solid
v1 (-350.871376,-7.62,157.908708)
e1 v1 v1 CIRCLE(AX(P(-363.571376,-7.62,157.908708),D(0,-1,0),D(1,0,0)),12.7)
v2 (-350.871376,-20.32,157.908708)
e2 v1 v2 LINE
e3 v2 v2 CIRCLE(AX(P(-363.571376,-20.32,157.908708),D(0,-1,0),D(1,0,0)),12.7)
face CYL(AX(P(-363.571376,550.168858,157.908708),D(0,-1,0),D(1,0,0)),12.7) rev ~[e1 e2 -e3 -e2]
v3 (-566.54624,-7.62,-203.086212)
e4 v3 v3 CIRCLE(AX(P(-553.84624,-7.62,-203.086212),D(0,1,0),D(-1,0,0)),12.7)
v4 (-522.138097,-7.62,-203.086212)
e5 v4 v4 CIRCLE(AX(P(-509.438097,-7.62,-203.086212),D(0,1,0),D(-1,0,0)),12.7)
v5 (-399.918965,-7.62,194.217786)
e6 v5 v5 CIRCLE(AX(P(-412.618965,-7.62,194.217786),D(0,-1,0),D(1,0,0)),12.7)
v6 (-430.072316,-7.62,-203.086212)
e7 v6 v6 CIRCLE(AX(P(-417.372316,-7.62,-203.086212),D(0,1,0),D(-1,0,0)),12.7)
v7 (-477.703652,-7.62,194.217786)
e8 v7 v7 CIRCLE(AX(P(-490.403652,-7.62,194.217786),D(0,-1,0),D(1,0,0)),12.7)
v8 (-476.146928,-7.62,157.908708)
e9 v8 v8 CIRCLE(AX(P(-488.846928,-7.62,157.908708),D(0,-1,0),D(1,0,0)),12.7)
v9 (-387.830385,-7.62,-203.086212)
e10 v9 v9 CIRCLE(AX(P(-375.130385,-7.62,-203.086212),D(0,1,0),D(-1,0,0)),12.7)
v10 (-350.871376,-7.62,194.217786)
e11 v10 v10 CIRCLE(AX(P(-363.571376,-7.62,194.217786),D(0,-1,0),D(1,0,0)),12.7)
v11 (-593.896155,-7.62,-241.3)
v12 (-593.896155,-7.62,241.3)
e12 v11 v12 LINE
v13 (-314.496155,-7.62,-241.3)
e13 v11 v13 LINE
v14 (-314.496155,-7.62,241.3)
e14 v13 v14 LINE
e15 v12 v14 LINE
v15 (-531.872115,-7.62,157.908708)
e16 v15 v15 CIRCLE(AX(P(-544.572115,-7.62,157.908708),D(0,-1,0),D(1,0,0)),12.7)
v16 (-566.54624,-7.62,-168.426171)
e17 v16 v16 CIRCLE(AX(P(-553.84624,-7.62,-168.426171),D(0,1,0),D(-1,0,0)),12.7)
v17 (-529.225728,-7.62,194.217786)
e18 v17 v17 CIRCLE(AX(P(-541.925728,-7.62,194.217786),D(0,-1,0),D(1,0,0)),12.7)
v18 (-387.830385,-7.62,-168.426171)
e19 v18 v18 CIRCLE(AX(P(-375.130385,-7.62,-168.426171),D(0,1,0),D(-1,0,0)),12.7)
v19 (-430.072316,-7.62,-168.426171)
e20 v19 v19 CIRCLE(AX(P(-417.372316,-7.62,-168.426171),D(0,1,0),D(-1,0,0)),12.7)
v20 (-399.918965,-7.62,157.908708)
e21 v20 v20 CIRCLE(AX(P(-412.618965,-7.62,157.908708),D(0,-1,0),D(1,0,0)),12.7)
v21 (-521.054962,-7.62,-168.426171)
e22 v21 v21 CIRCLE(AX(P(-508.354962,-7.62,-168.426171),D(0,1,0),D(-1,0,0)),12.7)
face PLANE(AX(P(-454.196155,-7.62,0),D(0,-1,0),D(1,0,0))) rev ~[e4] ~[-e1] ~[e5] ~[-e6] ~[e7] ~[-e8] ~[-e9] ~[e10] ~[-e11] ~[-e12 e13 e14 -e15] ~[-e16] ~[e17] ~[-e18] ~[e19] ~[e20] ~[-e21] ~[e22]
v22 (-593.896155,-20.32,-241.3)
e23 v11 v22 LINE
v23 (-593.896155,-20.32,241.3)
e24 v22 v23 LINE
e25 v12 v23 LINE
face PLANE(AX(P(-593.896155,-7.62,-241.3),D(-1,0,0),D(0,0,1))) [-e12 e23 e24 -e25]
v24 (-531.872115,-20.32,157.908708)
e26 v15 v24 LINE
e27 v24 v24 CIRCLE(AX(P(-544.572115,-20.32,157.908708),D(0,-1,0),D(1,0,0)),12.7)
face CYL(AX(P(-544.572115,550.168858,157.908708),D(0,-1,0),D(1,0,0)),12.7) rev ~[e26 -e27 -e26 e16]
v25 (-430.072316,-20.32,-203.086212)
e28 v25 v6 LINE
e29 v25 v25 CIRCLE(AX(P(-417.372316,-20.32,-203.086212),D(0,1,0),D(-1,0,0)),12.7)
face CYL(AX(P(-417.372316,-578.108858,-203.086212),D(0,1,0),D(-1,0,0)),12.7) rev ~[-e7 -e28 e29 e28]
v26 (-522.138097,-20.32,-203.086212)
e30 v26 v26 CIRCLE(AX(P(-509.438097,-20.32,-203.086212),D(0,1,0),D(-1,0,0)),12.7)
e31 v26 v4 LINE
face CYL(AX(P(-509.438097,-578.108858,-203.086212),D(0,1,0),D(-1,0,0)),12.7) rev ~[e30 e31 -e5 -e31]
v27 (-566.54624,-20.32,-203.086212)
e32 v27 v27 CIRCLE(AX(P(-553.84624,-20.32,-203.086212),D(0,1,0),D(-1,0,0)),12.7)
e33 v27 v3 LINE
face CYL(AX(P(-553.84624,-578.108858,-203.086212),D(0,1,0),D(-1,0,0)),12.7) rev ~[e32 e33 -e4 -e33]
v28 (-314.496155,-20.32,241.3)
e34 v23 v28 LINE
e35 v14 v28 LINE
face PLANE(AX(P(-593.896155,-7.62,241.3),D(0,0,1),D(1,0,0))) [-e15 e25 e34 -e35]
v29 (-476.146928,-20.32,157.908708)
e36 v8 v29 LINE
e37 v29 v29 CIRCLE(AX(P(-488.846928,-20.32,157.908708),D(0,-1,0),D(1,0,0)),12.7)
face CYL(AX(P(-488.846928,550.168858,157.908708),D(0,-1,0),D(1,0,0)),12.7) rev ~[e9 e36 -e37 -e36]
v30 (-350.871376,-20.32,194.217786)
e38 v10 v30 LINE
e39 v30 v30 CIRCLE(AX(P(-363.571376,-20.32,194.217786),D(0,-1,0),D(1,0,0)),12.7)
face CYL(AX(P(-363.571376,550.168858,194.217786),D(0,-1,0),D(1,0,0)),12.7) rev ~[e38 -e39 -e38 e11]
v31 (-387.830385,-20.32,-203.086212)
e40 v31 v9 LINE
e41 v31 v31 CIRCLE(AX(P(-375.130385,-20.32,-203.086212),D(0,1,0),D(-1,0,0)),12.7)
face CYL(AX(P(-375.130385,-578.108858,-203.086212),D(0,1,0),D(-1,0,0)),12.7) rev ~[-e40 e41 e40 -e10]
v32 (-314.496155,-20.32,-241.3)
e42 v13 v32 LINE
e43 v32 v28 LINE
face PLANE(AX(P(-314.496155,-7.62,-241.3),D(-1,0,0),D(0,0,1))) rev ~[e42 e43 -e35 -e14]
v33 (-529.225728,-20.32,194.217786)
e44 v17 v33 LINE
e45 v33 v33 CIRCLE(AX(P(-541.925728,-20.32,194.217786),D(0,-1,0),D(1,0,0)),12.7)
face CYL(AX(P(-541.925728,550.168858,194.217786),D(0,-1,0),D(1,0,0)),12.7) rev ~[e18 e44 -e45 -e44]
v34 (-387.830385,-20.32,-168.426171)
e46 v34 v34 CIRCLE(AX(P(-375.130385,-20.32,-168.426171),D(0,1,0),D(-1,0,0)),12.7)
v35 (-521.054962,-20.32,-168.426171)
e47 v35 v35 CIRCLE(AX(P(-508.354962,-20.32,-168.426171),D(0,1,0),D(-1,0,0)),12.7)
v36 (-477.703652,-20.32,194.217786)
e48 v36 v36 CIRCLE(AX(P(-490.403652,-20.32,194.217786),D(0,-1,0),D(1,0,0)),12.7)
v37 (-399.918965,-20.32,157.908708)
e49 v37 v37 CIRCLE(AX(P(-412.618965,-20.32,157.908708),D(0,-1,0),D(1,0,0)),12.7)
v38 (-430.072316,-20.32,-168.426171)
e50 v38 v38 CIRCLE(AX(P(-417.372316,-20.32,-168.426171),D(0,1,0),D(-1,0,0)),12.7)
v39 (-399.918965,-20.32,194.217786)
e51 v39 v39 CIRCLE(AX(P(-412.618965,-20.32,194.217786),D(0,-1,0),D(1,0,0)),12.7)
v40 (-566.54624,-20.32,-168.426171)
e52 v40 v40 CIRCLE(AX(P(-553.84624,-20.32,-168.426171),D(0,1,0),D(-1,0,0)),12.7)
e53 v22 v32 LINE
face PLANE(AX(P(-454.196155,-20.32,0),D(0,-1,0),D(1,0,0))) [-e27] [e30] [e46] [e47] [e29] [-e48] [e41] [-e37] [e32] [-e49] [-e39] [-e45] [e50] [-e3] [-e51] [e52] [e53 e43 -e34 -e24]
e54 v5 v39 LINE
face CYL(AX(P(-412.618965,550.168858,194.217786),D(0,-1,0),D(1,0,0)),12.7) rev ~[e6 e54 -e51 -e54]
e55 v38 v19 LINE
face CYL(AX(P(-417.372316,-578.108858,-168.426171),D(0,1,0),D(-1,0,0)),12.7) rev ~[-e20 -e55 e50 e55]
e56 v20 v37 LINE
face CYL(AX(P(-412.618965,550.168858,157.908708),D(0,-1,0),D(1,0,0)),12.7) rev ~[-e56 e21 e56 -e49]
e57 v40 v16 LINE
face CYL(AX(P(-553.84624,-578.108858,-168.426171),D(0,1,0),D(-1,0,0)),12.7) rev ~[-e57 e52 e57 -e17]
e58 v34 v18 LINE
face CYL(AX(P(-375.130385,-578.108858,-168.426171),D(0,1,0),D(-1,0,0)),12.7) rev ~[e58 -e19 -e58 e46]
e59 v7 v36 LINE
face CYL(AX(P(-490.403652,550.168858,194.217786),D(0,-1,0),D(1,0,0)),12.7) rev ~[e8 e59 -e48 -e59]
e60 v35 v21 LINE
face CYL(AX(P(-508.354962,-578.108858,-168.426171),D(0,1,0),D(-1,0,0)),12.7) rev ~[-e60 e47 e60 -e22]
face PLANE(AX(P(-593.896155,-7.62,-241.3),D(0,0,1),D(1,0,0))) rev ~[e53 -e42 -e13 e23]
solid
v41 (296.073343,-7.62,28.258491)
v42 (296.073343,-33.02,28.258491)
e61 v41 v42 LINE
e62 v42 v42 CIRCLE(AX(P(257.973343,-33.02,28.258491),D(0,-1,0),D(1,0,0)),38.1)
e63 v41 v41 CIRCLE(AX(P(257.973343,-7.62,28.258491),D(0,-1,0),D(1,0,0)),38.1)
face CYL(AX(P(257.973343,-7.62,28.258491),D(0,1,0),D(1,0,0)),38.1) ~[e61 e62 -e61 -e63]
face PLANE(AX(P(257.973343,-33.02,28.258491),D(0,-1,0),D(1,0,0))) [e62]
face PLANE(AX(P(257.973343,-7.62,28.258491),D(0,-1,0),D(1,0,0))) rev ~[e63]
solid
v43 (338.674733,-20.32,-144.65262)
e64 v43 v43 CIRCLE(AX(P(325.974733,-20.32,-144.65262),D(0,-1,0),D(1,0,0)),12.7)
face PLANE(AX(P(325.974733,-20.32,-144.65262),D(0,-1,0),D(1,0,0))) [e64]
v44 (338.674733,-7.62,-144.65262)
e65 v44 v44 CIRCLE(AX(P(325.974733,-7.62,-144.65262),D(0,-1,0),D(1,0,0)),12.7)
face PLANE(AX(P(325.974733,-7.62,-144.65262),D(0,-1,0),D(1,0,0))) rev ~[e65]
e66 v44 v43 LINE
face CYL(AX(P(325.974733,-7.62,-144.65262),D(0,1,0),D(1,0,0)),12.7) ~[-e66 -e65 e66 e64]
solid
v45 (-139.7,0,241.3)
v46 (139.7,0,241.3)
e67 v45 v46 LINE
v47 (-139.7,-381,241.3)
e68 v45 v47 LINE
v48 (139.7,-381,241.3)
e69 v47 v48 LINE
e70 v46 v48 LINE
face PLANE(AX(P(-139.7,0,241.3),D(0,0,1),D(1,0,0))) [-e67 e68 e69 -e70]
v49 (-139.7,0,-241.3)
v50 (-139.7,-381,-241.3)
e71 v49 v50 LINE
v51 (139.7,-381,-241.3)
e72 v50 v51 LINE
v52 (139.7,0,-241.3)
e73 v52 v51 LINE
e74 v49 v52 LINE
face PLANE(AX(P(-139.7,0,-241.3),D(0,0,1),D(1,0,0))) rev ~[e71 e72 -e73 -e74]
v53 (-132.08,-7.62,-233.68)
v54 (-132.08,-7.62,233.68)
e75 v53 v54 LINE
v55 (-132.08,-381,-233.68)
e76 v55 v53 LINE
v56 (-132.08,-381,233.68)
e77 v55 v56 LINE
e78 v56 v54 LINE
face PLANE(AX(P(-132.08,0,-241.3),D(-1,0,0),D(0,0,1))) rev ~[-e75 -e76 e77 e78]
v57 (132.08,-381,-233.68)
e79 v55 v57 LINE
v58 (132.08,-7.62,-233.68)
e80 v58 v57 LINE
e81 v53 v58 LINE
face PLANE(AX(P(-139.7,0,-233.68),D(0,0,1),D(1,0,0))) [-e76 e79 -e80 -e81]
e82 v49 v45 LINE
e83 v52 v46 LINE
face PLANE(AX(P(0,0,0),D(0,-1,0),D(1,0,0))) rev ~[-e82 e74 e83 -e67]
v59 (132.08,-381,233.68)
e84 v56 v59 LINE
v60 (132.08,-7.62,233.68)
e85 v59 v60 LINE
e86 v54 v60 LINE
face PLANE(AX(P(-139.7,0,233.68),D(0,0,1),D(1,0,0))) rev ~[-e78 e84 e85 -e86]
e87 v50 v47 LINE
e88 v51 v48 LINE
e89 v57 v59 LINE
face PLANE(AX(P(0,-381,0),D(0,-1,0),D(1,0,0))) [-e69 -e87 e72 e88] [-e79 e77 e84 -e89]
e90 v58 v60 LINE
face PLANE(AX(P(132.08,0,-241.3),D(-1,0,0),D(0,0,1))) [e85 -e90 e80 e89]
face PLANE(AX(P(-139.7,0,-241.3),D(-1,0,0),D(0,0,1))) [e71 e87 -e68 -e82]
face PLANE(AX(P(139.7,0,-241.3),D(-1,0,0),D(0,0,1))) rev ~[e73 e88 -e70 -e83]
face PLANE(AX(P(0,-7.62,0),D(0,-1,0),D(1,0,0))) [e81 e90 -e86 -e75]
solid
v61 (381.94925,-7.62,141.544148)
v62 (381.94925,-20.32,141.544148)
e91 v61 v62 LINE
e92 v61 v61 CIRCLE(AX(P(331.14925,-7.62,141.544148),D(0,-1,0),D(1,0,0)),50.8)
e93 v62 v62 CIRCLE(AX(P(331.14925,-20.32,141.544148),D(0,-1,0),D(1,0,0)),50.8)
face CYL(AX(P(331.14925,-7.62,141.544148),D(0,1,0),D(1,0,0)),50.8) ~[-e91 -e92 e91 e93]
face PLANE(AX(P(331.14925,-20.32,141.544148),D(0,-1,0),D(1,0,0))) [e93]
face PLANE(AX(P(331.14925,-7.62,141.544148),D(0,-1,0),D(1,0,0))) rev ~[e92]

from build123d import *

# Parameters (mm, degrees)
F0_W      = 279.4
F0_H      = 482.6
F1_DEPTH  = 381
F2_T      = -7.62
F3_W      = 279.4
F3_H      = 482.6
F4_DEPTH  = 12.7
F5_R      = 38.1
F6_DEPTH  = 25.4
F7_R      = 50.8
F8_DEPTH  = 12.7
F9_R      = 12.7
F10_DEPTH = 12.7
F12_D     = 25.4
F14_D     = 25.4


with BuildPart() as f1:
    # F0 (on Front) → F1 (new body)
    with BuildSketch(Plane.XZ):
        Rectangle(F0_W, F0_H)
    extrude(amount=F1_DEPTH)

    # F2
    f2_openings = [f1.faces().sort_by_distance(p)[0] for p in [
        (0, -381, 0),
    ]]
    offset(amount=F2_T, openings=f2_openings)


with BuildPart() as f4:
    # F3 (on face) → F4 (new body)
    with BuildSketch(Plane.XZ.offset(7.62)):
        with Locations((-454.196155, 0)):
            Rectangle(F3_W, F3_H)
    extrude(amount=F4_DEPTH)

    # F12 (through all)
    with Locations(Plane(origin=(0, -7.62, 0), x_dir=(-1, 0, 0), z_dir=(0, 1, 0))):
        with Locations((363.571376, 194.217786), (412.618965, 194.217786), (412.618965, 157.908708), (363.571376, 157.908708), (488.846928, 157.908708), (544.572115, 157.908708), (541.925728, 194.217786), (490.403652, 194.217786)):
            Hole(F12_D / 2)

    # F14 (through all)
    with Locations(Plane.XZ.offset(20.32)):
        with Locations((-508.354962, -168.426171), (-553.84624, -168.426171), (-553.84624, -203.086212), (-509.438097, -203.086212), (-417.372316, -203.086212), (-375.130385, -203.086212), (-417.372316, -168.426171), (-375.130385, -168.426171)):
            Hole(F14_D / 2)


with BuildPart() as f6:
    # F5 (on face) → F6 (new body)
    with BuildSketch(Plane.XZ.offset(7.62)):
        with Locations((257.973343, 28.258491)):
            Circle(F5_R)
    extrude(amount=F6_DEPTH)


with BuildPart() as f8:
    # F7 (on face) → F8 (new body)
    with BuildSketch(Plane.XZ.offset(7.62)):
        with Locations((331.14925, 141.544148)):
            Circle(F7_R)
    extrude(amount=F8_DEPTH)


with BuildPart() as f10:
    # F9 (on face) → F10 (new body)
    with BuildSketch(Plane.XZ.offset(7.62)):
        with Locations((325.974733, -144.65262)):
            Circle(F9_R)
    extrude(amount=F10_DEPTH)


solid = Compound([f1.part, f4.part, f6.part, f8.part, f10.part])
